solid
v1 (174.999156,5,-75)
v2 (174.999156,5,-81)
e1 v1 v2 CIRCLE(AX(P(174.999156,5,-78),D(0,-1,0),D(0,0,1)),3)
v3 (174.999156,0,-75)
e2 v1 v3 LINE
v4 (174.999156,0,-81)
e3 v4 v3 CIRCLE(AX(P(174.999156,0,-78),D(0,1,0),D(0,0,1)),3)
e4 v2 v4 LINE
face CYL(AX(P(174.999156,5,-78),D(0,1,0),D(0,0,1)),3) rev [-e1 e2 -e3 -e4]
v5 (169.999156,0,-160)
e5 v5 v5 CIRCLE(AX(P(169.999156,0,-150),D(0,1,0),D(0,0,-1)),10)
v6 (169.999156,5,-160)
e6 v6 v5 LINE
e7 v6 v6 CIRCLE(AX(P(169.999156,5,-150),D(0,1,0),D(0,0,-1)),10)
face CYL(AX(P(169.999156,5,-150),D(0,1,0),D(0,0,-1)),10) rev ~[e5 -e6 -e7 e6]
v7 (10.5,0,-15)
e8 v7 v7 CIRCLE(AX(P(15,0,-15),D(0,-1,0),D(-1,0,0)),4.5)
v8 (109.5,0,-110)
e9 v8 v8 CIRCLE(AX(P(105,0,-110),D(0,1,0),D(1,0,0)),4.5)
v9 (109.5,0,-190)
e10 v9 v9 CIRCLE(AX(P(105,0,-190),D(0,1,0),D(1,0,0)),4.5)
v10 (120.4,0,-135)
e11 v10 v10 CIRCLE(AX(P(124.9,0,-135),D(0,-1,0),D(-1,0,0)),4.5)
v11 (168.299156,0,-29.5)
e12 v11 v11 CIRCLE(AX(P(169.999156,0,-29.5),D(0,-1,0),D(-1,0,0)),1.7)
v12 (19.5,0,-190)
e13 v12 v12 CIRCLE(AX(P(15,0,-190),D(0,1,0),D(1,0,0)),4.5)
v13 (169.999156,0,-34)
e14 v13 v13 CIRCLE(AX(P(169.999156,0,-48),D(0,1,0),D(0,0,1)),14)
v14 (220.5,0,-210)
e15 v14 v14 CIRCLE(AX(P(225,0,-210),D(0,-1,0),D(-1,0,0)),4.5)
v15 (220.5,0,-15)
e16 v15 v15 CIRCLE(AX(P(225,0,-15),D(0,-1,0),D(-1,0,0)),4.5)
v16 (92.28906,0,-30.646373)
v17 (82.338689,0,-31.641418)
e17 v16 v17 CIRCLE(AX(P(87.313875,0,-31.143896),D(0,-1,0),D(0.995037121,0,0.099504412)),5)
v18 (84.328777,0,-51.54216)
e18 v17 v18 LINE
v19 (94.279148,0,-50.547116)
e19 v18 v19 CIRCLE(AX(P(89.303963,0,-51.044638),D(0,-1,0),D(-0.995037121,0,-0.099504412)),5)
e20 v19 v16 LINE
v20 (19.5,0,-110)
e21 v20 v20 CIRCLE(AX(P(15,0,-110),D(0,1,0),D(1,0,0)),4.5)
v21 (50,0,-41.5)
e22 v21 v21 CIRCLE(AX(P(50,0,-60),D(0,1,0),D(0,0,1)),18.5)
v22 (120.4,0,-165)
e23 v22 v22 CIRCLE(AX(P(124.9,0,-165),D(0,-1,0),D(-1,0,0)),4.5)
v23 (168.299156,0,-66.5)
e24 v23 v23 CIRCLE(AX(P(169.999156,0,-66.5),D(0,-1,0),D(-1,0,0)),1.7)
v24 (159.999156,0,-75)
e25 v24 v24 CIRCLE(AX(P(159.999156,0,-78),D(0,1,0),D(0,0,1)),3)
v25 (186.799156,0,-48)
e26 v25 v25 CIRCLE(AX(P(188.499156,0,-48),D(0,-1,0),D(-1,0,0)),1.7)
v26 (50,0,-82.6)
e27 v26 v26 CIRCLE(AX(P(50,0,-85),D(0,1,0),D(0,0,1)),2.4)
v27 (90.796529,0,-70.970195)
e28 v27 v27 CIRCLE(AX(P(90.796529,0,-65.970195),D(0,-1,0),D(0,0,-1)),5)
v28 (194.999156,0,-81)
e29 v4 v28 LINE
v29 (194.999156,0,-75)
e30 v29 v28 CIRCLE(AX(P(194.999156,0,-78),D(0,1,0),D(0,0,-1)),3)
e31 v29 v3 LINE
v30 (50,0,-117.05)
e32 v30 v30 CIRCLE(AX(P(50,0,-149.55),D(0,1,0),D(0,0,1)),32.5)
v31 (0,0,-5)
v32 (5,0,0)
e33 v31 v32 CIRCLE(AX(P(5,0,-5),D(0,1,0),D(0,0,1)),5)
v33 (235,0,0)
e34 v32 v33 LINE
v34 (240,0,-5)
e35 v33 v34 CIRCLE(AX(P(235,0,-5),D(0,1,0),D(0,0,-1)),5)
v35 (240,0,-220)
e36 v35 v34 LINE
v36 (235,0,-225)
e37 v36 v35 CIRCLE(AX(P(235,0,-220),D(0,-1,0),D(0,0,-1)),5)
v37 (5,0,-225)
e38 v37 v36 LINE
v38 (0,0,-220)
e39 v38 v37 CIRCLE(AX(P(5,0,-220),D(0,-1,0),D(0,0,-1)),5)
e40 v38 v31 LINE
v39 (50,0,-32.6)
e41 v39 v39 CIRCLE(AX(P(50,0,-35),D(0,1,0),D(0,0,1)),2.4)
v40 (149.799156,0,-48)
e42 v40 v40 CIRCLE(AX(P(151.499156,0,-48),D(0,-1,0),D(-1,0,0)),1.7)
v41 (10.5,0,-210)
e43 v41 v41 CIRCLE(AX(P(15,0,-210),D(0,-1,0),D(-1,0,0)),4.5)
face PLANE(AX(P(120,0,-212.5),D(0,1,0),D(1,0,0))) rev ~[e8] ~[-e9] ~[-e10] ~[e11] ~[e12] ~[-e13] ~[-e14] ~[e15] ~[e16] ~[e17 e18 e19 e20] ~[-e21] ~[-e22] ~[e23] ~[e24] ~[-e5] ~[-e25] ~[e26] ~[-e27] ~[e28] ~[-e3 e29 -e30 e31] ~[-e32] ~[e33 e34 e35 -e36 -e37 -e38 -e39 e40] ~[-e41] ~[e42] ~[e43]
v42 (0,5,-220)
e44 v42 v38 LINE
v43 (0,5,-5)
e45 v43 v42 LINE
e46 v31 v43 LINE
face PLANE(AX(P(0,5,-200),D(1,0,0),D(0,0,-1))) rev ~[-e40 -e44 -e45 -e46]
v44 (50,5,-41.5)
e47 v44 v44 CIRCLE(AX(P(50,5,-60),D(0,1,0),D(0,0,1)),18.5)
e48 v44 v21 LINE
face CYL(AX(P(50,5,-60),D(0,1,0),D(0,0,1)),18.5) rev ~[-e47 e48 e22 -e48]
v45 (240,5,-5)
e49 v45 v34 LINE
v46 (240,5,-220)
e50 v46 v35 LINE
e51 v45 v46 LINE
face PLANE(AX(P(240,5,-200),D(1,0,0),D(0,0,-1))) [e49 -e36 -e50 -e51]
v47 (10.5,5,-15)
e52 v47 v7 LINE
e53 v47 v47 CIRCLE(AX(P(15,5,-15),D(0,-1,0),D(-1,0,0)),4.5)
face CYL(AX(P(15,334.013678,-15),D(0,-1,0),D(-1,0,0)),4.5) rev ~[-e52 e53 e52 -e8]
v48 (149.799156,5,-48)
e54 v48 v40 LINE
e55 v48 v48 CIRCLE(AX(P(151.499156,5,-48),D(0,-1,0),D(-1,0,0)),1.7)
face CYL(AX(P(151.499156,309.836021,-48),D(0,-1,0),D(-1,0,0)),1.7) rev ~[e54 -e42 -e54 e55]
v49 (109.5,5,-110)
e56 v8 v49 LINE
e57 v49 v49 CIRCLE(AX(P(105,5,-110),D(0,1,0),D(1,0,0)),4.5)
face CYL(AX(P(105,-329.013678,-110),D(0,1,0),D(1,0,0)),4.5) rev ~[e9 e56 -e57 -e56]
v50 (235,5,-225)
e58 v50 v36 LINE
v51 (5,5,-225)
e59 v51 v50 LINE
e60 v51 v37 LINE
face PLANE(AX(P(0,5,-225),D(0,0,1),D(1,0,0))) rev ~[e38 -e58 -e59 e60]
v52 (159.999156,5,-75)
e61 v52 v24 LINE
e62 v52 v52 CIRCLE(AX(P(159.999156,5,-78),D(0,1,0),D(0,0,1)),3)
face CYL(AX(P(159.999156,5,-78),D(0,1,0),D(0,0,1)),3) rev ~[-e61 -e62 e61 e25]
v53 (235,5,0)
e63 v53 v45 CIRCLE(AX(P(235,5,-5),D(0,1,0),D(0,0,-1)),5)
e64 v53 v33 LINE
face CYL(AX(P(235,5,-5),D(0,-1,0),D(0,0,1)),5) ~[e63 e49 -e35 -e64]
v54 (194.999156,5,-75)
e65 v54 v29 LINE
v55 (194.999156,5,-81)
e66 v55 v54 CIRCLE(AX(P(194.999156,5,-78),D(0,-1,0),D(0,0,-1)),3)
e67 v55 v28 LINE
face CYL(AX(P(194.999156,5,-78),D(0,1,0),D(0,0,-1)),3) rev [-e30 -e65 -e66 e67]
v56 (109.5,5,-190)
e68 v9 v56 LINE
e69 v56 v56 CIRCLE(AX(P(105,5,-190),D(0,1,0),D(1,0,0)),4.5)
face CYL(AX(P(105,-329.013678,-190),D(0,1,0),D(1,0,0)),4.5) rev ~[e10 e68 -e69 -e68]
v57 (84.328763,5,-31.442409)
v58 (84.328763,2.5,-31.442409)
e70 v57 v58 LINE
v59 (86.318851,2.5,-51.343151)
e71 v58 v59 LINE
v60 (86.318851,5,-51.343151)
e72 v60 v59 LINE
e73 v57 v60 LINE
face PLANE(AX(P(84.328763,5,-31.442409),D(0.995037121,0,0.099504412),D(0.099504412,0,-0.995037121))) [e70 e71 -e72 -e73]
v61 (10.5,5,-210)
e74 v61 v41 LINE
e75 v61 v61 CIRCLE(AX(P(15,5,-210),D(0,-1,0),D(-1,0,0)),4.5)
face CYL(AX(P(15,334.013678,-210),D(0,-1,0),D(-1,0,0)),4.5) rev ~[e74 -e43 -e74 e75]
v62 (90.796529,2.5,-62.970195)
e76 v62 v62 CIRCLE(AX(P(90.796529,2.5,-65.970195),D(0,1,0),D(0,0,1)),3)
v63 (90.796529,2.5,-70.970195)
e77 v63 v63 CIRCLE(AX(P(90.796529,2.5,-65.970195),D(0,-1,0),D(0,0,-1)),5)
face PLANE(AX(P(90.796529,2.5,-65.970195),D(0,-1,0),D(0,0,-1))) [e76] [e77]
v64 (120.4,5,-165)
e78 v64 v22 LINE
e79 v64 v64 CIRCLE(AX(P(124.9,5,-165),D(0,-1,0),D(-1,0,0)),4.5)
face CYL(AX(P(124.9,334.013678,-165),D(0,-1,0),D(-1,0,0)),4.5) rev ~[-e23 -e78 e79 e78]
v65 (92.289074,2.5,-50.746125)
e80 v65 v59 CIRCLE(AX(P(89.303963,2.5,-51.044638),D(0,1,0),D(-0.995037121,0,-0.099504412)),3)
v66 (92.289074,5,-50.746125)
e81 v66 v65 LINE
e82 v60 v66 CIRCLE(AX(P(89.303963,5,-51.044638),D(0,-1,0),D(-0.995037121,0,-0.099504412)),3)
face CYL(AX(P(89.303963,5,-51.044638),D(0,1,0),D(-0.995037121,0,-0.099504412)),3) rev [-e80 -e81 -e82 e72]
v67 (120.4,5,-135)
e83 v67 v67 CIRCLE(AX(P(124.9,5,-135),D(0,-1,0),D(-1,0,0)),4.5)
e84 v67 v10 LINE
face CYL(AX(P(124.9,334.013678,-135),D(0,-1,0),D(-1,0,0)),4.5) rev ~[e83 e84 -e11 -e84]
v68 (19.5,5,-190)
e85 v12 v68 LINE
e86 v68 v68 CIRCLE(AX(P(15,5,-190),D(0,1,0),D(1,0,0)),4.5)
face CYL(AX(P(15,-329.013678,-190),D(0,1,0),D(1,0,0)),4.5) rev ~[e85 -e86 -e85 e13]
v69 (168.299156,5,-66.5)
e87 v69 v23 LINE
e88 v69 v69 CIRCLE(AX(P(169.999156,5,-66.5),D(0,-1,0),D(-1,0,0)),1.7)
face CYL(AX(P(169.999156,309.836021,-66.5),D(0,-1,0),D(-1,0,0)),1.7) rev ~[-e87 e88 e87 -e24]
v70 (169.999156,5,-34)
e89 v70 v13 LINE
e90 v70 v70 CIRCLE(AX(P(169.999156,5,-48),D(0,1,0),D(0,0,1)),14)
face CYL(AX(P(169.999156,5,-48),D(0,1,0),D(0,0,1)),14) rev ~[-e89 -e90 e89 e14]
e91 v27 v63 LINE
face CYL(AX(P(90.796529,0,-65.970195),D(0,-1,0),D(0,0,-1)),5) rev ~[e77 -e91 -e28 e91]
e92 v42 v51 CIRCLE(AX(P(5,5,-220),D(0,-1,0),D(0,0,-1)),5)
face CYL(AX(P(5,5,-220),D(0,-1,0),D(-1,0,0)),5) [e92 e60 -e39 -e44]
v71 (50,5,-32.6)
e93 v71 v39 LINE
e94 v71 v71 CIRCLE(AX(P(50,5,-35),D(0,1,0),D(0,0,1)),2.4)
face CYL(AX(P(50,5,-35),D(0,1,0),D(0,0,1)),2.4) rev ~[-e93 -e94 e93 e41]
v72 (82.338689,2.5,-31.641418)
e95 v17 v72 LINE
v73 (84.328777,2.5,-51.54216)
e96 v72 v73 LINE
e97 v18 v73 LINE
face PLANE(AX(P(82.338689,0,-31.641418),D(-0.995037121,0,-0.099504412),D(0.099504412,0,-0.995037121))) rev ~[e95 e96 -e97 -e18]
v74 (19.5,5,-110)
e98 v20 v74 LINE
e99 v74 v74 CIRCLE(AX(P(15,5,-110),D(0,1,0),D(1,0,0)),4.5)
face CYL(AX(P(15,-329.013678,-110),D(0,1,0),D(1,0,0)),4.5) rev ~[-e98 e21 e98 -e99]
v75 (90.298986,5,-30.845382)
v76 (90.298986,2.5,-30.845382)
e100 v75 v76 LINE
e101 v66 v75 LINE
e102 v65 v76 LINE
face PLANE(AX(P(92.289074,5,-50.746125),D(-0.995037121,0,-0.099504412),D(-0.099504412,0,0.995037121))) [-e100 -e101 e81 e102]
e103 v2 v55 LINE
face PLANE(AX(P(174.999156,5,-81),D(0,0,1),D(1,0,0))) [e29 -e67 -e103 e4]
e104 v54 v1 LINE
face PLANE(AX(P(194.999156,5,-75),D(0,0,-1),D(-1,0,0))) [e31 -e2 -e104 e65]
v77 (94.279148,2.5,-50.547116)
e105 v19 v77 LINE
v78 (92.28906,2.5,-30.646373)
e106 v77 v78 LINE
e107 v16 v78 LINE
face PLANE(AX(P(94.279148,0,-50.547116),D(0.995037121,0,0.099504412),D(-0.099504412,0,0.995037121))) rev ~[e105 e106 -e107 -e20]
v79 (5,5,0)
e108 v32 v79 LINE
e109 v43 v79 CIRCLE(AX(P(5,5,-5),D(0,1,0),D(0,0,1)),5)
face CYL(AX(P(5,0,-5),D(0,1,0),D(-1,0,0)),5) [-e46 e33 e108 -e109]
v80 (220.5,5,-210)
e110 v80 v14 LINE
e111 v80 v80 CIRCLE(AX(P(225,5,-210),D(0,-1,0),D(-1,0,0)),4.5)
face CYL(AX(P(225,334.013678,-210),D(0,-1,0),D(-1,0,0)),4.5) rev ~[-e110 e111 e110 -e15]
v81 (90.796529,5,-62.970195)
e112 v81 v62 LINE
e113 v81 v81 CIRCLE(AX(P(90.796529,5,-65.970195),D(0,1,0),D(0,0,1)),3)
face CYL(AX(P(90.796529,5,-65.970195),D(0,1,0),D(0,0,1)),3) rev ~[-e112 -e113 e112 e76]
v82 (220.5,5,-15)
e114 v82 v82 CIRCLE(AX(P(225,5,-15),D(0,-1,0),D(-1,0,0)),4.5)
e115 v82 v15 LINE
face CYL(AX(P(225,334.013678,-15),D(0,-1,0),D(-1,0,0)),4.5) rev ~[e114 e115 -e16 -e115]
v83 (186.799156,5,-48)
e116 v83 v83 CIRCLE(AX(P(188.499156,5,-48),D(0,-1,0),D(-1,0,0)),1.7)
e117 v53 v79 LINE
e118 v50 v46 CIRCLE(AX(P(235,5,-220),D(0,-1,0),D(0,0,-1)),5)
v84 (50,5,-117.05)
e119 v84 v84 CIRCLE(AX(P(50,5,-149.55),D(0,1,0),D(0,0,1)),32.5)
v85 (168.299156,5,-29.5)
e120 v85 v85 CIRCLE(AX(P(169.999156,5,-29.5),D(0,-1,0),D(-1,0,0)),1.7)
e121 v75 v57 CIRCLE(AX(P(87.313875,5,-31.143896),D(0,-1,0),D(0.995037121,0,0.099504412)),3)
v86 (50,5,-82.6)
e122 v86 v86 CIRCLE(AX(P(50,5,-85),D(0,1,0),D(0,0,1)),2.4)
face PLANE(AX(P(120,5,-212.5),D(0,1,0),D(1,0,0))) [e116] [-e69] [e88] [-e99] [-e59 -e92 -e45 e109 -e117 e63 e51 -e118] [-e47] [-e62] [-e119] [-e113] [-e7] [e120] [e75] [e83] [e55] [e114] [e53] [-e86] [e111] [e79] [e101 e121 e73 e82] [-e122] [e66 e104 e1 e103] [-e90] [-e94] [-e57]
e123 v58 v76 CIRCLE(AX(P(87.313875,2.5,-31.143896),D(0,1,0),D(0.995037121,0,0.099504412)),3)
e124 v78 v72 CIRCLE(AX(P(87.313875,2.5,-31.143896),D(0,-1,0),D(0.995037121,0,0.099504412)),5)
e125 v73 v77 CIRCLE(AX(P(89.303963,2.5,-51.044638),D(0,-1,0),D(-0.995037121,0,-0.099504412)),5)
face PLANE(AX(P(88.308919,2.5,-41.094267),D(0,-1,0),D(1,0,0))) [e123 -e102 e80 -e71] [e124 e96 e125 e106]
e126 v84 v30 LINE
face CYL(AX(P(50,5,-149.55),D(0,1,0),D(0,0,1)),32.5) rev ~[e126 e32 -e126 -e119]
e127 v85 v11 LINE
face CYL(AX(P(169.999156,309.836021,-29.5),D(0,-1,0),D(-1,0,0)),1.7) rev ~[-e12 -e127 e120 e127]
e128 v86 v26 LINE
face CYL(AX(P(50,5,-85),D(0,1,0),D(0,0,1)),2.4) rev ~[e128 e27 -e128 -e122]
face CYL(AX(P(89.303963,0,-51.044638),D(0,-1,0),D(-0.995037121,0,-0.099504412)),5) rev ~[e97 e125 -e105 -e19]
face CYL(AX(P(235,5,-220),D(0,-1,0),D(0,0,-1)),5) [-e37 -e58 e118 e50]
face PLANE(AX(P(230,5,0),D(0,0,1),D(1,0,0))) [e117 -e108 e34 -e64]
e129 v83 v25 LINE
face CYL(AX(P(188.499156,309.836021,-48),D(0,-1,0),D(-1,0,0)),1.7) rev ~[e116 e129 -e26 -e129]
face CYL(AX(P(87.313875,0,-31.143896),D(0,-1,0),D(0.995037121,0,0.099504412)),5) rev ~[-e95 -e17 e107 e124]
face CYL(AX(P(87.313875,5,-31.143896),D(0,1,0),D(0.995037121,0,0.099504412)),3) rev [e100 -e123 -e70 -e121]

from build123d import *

# Parameters (mm, degrees)
SKETCH1_W            = 230
SKETCH1_H            = 200
BOSS_EXTRUDE1_DEPTH  = 5
SKETCH2_R            = 18.5
SKETCH2_R_2          = 14
SKETCH2_R_3          = 10
SKETCH2_R_4          = 15
SKETCH2_R_5          = 3
CUT_EXTRUDE1_DEPTH   = 305.836021494
M3_CLEARANCE_HOLE1_D = 3.4
SKETCH6_R            = 3
CUT_EXTRUDE3_DEPTH   = 305.836021494
SKETCH7_R            = 32.5
CUT_EXTRUDE4_DEPTH   = 305.836021494
SKETCH8_W            = 10
SKETCH8_H            = 200
BOSS_EXTRUDE2_DEPTH  = 5
SKETCH9_W            = 240
SKETCH9_H            = 25
BOSS_EXTRUDE3_DEPTH  = 5
M8_CLEARANCE_HOLE1_D = 9
FILLET2_R            = 5
M8_CLEARANCE_HOLE2_D = 9
M8_CLEARANCE_HOLE3_D = 9
SKETCH21_R           = 5
CUT_EXTRUDE5_DEPTH   = 2.5
SKETCH22_R           = 2.4
CUT_EXTRUDE6_DEPTH   = 330.013677527


with BuildPart() as part:
    # Sketch1 → Boss-Extrude1 (new body)
    with BuildSketch(Plane(origin=(0, 0, 0), x_dir=(1, 0, 0), z_dir=(0, 1, 0))):
        with Locations((115, 100)):
            Rectangle(SKETCH1_W, SKETCH1_H)
    extrude(amount=BOSS_EXTRUDE1_DEPTH)

    # Sketch2 → Cut-Extrude1 (cut, through all)
    with BuildSketch(Plane(origin=(0, 5, 0), x_dir=(1, 0, 0), z_dir=(0, 1, 0))):
        with Locations(Location((50, 60, 0), (0, 0, 270))):
            Circle(SKETCH2_R)
        with Locations(Location((169.999156247, 48, 0), (0, 0, 270))):
            Circle(SKETCH2_R_2)
        with Locations(Location((169.999156247, 150, 0), (0, 0, 90))):
            Circle(SKETCH2_R_3)
        with Locations(Location((50, 149.55, 0), (0, 0, 90))):
            Circle(SKETCH2_R_4)
        with Locations(Location((90.796528955, 65.97019474, 0), (0, 0, 270))):
            Circle(SKETCH2_R_5)
        with BuildLine():
            Line((92.289074142, 50.746124691), (90.298985907, 30.845382272))
            ThreePointArc((90.298985907, 30.845382272), (87.015361309, 28.158784144), (84.328763181, 31.442408742))
            Line((84.328763181, 31.442408742), (86.318851416, 51.343151161))
            ThreePointArc((86.318851416, 51.343151161), (89.602476014, 54.029749289), (92.289074142, 50.746124691))
        make_face()
    extrude(amount=-CUT_EXTRUDE1_DEPTH, mode=Mode.SUBTRACT)

    # M3 Clearance Hole1 (through all)
    with Locations(Plane(origin=(0, 5, 0), x_dir=(1, 0, 0), z_dir=(0, 1, 0))):
        with Locations((151.499156247, 48), (50, 35), (50, 85), (169.999156247, 66.5), (169.999156247, 29.5), (188.499156247, 48)):
            Hole(M3_CLEARANCE_HOLE1_D / 2)

    # Sketch6 → Cut-Extrude3 (cut, through all)
    with BuildSketch(Plane(origin=(0, 5, 0), x_dir=(1, 0, 0), z_dir=(0, 1, 0))):
        with Locations(Location((159.999156247, 78, 0), (0, 0, 270))):
            Circle(SKETCH6_R)
        with BuildLine():
            Line((174.999156247, 81), (194.999156247, 81))
            ThreePointArc((194.999156247, 81), (197.999156247, 78), (194.999156247, 75))
            Line((194.999156247, 75), (174.999156247, 75))
            ThreePointArc((174.999156247, 75), (171.999156247, 78), (174.999156247, 81))
        make_face()
    extrude(amount=-CUT_EXTRUDE3_DEPTH, mode=Mode.SUBTRACT)

    # Sketch7 → Cut-Extrude4 (cut, through all)
    with BuildSketch(Plane(origin=(0, 5, 0), x_dir=(1, 0, 0), z_dir=(0, 1, 0))):
        with Locations(Location((50, 149.55, 0), (0, 0, 270))):
            Circle(SKETCH7_R)
    extrude(amount=-CUT_EXTRUDE4_DEPTH, mode=Mode.SUBTRACT)

    # Sketch8 → Boss-Extrude2 (add)
    with BuildSketch(Plane(origin=(0, 5, 0), x_dir=(1, 0, 0), z_dir=(0, 1, 0))):
        with Locations((235, 100)):
            Rectangle(SKETCH8_W, SKETCH8_H)
    extrude(amount=-BOSS_EXTRUDE2_DEPTH)

    # Sketch9 → Boss-Extrude3 (add)
    with BuildSketch(Plane(origin=(0, 5, 0), x_dir=(1, 0, 0), z_dir=(0, 1, 0))):
        with Locations((120, 212.5)):
            Rectangle(SKETCH9_W, SKETCH9_H)
    extrude(amount=-BOSS_EXTRUDE3_DEPTH)

    # M8 Clearance Hole1 (through all)
    with Locations(Plane(origin=(0, 5, 0), x_dir=(1, 0, 0), z_dir=(0, 1, 0))):
        with Locations((15, 210), (225, 210), (225, 15), (15, 15)):
            Hole(M8_CLEARANCE_HOLE1_D / 2)

    # Fillet2
    fillet2_edges = [part.edges().sort_by_distance(p)[0] for p in [
        (240, 2.5, 0),
        (240, 2.5, -225),
        (0, 2.5, -225),
        (0, 2.5, 0),
    ]]
    fillet(fillet2_edges, radius=FILLET2_R)

    # M8 Clearance Hole2 (through all)
    with Locations(Plane(origin=(0, 0, 0), x_dir=(-1, 0, 0), z_dir=(0, -1, 0))):
        with Locations((-15, 190), (-105, 190), (-105, 110), (-15, 110)):
            Hole(M8_CLEARANCE_HOLE2_D / 2)

    # M8 Clearance Hole3 (through all)
    with Locations(Plane(origin=(0, 5, 0), x_dir=(1, 0, 0), z_dir=(0, 1, 0))):
        with Locations((124.9, 165), (124.9, 135)):
            Hole(M8_CLEARANCE_HOLE3_D / 2)

    # Sketch21 → Cut-Extrude5 (cut)
    with BuildSketch(Plane.XZ):
        with Locations(Location((90.796528955, -65.97019474, 0), (0, 0, 270))):
            Circle(SKETCH21_R)
        with BuildLine():
            Line((82.338688939, -31.641417566), (84.328777174, -51.542159985))
            ThreePointArc((84.328777174, -51.542159985), (89.801484838, -56.019823531), (94.279148384, -50.547115867))
            Line((94.279148384, -50.547115867), (92.289060149, -30.646373448))
            ThreePointArc((92.289060149, -30.646373448), (86.816352485, -26.168709902), (82.338688939, -31.641417566))
        make_face()
    extrude(amount=-CUT_EXTRUDE5_DEPTH, mode=Mode.SUBTRACT)

    # Sketch22 → Cut-Extrude6 (cut, through all)
    with BuildSketch(Plane(origin=(0, 5, 0), x_dir=(1, 0, 0), z_dir=(0, 1, 0))):
        with Locations(Location((50, 85, 0), (0, 0, 270))):
            Circle(SKETCH22_R)
        with Locations(Location((50, 35, 0), (0, 0, 270))):
            Circle(SKETCH22_R)
    extrude(amount=-CUT_EXTRUDE6_DEPTH, mode=Mode.SUBTRACT)


solid = part.part
